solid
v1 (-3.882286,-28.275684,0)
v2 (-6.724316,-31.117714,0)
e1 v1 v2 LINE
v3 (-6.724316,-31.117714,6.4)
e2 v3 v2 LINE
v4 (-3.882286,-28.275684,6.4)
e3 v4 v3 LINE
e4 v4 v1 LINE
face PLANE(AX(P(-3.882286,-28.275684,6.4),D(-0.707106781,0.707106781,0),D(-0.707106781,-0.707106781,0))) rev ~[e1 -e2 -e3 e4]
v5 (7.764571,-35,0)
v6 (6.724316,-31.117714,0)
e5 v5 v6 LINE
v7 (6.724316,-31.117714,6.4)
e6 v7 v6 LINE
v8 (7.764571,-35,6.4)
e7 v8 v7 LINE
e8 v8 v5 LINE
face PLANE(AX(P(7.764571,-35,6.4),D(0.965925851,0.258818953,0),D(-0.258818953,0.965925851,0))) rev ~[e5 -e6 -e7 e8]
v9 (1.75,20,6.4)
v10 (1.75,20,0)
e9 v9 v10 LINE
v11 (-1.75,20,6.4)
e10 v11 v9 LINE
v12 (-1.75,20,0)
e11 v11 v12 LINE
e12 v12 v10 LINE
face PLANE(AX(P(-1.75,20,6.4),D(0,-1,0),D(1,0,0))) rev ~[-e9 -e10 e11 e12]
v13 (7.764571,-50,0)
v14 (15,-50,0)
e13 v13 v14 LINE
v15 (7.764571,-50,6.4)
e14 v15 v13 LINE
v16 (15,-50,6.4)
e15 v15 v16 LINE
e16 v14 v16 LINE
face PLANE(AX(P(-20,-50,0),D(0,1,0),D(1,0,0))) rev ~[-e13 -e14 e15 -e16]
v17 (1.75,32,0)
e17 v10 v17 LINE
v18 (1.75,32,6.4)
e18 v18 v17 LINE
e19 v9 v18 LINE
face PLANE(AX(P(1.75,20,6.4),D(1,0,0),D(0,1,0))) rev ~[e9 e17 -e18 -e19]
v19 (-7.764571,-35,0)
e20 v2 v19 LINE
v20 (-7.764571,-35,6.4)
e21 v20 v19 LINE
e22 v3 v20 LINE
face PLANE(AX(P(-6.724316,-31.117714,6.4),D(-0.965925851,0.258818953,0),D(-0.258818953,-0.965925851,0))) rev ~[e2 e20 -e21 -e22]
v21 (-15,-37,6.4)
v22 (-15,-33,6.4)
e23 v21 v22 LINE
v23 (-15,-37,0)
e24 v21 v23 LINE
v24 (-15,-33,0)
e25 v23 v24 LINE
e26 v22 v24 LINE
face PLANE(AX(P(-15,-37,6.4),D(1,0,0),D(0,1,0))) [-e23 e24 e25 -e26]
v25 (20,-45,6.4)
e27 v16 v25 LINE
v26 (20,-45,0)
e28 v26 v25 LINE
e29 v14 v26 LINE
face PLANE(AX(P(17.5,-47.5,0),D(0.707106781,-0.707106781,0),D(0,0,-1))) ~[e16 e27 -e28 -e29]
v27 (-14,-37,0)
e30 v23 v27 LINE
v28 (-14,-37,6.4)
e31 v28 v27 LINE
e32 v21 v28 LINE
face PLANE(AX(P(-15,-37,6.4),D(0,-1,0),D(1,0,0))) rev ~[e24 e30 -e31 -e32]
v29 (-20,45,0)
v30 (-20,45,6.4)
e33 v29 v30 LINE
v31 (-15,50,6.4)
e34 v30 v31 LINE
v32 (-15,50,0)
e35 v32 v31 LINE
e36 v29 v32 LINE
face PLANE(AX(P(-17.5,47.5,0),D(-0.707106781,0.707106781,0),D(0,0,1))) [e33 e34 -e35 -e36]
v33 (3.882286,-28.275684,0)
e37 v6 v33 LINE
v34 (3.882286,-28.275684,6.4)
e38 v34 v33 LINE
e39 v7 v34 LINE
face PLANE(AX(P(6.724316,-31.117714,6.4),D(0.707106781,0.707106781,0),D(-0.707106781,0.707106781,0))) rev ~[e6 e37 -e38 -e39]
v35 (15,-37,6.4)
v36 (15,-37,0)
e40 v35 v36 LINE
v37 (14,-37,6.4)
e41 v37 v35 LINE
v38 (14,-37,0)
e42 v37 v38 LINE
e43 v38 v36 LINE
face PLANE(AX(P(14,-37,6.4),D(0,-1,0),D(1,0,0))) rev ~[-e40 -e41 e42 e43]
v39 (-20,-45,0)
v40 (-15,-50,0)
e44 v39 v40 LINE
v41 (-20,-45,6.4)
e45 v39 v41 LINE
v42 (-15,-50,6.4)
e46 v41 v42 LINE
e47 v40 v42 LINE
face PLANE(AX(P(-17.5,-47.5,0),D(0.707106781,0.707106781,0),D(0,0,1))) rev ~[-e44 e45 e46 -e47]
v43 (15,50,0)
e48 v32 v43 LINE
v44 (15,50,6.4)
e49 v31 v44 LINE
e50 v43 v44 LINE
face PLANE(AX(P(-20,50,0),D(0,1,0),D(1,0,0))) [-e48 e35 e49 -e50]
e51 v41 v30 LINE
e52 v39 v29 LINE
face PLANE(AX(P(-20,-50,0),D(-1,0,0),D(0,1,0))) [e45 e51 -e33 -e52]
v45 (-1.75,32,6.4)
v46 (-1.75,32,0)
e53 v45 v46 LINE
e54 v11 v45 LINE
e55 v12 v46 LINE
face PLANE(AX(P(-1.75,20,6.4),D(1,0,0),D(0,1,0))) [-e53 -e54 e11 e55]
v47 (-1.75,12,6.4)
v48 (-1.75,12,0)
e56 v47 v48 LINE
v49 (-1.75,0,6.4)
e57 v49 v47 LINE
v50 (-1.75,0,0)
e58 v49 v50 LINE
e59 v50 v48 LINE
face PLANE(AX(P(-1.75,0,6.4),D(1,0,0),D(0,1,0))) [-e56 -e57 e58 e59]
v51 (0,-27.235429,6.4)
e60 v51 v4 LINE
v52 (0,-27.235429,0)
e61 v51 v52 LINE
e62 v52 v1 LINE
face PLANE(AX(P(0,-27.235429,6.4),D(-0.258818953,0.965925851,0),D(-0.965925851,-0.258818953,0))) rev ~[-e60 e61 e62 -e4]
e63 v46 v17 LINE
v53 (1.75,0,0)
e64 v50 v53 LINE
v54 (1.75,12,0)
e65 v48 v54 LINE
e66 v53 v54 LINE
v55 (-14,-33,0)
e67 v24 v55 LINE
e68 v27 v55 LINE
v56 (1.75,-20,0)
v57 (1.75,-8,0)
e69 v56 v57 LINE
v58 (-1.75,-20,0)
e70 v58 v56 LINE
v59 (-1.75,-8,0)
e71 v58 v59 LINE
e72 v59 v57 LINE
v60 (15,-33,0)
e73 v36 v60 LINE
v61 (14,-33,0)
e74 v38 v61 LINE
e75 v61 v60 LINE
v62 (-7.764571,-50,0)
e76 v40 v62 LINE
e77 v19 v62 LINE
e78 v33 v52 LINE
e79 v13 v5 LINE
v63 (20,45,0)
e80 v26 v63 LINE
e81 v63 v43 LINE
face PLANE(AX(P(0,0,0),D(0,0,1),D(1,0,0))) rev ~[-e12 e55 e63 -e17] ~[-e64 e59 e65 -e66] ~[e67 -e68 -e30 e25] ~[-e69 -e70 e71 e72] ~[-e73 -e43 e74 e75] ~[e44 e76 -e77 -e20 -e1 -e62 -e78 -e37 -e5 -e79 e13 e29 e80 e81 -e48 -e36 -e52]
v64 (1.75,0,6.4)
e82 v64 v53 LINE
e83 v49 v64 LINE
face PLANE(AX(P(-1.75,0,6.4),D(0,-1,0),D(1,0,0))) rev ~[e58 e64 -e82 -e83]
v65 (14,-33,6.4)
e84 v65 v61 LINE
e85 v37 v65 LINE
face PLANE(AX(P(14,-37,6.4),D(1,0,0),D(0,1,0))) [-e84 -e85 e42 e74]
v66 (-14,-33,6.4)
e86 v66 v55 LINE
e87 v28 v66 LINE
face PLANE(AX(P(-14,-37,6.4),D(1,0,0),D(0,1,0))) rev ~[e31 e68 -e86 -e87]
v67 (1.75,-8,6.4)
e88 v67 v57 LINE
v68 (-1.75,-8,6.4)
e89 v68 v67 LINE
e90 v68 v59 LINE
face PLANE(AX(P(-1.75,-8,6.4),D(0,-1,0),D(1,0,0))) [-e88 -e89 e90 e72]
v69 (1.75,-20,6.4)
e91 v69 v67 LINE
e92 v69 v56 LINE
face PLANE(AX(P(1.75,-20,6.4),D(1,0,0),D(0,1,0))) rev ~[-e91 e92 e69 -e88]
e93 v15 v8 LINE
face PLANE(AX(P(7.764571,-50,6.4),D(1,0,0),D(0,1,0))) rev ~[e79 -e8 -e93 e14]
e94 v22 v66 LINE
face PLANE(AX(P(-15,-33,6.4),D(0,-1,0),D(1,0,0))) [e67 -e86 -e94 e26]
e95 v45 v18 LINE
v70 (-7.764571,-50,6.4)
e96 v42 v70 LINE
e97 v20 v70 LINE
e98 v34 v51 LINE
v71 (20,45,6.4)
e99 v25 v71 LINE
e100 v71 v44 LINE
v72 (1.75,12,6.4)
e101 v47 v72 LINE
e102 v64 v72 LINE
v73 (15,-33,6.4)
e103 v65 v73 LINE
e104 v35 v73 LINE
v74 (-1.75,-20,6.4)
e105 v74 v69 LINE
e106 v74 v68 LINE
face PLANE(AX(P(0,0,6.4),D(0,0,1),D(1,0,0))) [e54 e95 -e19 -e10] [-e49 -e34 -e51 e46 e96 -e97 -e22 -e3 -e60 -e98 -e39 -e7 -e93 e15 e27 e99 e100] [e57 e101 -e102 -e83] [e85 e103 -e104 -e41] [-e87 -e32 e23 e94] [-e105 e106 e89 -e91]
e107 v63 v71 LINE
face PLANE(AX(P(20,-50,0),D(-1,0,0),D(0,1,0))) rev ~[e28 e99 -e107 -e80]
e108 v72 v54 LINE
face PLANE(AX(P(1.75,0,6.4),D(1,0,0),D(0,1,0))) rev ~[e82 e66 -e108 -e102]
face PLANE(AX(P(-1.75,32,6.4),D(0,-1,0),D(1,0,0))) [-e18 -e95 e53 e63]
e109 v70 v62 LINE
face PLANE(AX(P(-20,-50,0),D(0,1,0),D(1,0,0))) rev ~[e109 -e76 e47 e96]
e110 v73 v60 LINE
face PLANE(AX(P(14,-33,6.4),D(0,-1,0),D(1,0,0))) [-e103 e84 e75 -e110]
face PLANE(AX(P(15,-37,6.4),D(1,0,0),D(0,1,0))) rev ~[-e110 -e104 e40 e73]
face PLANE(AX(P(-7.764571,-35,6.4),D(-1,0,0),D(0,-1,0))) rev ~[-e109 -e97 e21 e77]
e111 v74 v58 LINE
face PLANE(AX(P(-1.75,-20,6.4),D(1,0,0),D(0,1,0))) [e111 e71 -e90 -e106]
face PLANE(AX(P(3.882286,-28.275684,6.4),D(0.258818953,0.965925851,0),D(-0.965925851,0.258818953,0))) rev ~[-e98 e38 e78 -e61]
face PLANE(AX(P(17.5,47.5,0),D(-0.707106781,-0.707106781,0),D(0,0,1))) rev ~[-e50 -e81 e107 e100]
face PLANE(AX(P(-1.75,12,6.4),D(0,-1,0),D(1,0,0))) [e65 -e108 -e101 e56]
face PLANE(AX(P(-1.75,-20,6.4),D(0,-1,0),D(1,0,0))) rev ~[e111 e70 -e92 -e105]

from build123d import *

# Parameters (mm, degrees)
F0_W     = 40
F0_H     = 100
F1_DEPTH = 6.4
F2_SIZE  = 5
F4_DEPTH = 6.401
F5_W     = 1
F5_H     = 4
F6_DEPTH = 6.401
F7_W     = 3.5
F7_H     = 12
F8_DEPTH = 6.401


with BuildPart() as f1:
    # F0 (on Top) → F1 (new body)
    with BuildSketch(Plane.XY):
        Rectangle(F0_W, F0_H)
    extrude(amount=F1_DEPTH)

    # F2
    f2_edges = [f1.edges().sort_by_distance(p)[0] for p in [
        (-20, -50, 3.2),
        (20, -50, 3.2),
        (20, 50, 3.2),
        (-20, 50, 3.2),
    ]]
    chamfer(f2_edges, length=F2_SIZE)

    # F3 (on face) → F4 (cut, through all)
    with BuildSketch(Plane.XY.offset(6.4)):
        Polygon((3.882286, -41.724316), (6.724316, -38.882286), (7.764571, -35), (6.724316, -31.117714), (3.882286, -28.275684), (0, -27.235429), (-3.882286, -28.275684), (-6.724316, -31.117714), (-7.764571, -35), (-6.724316, -38.882286), (-3.882286, -41.724316), (0, -42.764571), align=None)
        Polygon((7.764571, -35), (6.724316, -38.882286), (3.882286, -41.724316), (0, -42.764571), (-3.882286, -41.724316), (-6.724316, -38.882286), (-7.764571, -35), (-7.764571, -50), (7.764571, -50), align=None)
    extrude(amount=-F4_DEPTH, mode=Mode.SUBTRACT)

    # F5 (on face) → F6 (cut, through all)
    with BuildSketch(Plane.XY.offset(6.4)):
        with Locations((14.5, -35)):
            Rectangle(F5_W, F5_H)
        with Locations((-14.5, -35)):
            Rectangle(F5_W, F5_H)
    extrude(amount=-F6_DEPTH, mode=Mode.SUBTRACT)

    # F7 (on face) → F8 (cut, through all)
    with BuildSketch(Plane.XY.offset(6.4)):
        with Locations((0, 6)):
            Rectangle(F7_W, F7_H)
        with Locations((0, -14)):
            Rectangle(F7_W, F7_H)
        with Locations((0, 26)):
            Rectangle(F7_W, F7_H)
    extrude(amount=-F8_DEPTH, mode=Mode.SUBTRACT)


solid = f1.part
